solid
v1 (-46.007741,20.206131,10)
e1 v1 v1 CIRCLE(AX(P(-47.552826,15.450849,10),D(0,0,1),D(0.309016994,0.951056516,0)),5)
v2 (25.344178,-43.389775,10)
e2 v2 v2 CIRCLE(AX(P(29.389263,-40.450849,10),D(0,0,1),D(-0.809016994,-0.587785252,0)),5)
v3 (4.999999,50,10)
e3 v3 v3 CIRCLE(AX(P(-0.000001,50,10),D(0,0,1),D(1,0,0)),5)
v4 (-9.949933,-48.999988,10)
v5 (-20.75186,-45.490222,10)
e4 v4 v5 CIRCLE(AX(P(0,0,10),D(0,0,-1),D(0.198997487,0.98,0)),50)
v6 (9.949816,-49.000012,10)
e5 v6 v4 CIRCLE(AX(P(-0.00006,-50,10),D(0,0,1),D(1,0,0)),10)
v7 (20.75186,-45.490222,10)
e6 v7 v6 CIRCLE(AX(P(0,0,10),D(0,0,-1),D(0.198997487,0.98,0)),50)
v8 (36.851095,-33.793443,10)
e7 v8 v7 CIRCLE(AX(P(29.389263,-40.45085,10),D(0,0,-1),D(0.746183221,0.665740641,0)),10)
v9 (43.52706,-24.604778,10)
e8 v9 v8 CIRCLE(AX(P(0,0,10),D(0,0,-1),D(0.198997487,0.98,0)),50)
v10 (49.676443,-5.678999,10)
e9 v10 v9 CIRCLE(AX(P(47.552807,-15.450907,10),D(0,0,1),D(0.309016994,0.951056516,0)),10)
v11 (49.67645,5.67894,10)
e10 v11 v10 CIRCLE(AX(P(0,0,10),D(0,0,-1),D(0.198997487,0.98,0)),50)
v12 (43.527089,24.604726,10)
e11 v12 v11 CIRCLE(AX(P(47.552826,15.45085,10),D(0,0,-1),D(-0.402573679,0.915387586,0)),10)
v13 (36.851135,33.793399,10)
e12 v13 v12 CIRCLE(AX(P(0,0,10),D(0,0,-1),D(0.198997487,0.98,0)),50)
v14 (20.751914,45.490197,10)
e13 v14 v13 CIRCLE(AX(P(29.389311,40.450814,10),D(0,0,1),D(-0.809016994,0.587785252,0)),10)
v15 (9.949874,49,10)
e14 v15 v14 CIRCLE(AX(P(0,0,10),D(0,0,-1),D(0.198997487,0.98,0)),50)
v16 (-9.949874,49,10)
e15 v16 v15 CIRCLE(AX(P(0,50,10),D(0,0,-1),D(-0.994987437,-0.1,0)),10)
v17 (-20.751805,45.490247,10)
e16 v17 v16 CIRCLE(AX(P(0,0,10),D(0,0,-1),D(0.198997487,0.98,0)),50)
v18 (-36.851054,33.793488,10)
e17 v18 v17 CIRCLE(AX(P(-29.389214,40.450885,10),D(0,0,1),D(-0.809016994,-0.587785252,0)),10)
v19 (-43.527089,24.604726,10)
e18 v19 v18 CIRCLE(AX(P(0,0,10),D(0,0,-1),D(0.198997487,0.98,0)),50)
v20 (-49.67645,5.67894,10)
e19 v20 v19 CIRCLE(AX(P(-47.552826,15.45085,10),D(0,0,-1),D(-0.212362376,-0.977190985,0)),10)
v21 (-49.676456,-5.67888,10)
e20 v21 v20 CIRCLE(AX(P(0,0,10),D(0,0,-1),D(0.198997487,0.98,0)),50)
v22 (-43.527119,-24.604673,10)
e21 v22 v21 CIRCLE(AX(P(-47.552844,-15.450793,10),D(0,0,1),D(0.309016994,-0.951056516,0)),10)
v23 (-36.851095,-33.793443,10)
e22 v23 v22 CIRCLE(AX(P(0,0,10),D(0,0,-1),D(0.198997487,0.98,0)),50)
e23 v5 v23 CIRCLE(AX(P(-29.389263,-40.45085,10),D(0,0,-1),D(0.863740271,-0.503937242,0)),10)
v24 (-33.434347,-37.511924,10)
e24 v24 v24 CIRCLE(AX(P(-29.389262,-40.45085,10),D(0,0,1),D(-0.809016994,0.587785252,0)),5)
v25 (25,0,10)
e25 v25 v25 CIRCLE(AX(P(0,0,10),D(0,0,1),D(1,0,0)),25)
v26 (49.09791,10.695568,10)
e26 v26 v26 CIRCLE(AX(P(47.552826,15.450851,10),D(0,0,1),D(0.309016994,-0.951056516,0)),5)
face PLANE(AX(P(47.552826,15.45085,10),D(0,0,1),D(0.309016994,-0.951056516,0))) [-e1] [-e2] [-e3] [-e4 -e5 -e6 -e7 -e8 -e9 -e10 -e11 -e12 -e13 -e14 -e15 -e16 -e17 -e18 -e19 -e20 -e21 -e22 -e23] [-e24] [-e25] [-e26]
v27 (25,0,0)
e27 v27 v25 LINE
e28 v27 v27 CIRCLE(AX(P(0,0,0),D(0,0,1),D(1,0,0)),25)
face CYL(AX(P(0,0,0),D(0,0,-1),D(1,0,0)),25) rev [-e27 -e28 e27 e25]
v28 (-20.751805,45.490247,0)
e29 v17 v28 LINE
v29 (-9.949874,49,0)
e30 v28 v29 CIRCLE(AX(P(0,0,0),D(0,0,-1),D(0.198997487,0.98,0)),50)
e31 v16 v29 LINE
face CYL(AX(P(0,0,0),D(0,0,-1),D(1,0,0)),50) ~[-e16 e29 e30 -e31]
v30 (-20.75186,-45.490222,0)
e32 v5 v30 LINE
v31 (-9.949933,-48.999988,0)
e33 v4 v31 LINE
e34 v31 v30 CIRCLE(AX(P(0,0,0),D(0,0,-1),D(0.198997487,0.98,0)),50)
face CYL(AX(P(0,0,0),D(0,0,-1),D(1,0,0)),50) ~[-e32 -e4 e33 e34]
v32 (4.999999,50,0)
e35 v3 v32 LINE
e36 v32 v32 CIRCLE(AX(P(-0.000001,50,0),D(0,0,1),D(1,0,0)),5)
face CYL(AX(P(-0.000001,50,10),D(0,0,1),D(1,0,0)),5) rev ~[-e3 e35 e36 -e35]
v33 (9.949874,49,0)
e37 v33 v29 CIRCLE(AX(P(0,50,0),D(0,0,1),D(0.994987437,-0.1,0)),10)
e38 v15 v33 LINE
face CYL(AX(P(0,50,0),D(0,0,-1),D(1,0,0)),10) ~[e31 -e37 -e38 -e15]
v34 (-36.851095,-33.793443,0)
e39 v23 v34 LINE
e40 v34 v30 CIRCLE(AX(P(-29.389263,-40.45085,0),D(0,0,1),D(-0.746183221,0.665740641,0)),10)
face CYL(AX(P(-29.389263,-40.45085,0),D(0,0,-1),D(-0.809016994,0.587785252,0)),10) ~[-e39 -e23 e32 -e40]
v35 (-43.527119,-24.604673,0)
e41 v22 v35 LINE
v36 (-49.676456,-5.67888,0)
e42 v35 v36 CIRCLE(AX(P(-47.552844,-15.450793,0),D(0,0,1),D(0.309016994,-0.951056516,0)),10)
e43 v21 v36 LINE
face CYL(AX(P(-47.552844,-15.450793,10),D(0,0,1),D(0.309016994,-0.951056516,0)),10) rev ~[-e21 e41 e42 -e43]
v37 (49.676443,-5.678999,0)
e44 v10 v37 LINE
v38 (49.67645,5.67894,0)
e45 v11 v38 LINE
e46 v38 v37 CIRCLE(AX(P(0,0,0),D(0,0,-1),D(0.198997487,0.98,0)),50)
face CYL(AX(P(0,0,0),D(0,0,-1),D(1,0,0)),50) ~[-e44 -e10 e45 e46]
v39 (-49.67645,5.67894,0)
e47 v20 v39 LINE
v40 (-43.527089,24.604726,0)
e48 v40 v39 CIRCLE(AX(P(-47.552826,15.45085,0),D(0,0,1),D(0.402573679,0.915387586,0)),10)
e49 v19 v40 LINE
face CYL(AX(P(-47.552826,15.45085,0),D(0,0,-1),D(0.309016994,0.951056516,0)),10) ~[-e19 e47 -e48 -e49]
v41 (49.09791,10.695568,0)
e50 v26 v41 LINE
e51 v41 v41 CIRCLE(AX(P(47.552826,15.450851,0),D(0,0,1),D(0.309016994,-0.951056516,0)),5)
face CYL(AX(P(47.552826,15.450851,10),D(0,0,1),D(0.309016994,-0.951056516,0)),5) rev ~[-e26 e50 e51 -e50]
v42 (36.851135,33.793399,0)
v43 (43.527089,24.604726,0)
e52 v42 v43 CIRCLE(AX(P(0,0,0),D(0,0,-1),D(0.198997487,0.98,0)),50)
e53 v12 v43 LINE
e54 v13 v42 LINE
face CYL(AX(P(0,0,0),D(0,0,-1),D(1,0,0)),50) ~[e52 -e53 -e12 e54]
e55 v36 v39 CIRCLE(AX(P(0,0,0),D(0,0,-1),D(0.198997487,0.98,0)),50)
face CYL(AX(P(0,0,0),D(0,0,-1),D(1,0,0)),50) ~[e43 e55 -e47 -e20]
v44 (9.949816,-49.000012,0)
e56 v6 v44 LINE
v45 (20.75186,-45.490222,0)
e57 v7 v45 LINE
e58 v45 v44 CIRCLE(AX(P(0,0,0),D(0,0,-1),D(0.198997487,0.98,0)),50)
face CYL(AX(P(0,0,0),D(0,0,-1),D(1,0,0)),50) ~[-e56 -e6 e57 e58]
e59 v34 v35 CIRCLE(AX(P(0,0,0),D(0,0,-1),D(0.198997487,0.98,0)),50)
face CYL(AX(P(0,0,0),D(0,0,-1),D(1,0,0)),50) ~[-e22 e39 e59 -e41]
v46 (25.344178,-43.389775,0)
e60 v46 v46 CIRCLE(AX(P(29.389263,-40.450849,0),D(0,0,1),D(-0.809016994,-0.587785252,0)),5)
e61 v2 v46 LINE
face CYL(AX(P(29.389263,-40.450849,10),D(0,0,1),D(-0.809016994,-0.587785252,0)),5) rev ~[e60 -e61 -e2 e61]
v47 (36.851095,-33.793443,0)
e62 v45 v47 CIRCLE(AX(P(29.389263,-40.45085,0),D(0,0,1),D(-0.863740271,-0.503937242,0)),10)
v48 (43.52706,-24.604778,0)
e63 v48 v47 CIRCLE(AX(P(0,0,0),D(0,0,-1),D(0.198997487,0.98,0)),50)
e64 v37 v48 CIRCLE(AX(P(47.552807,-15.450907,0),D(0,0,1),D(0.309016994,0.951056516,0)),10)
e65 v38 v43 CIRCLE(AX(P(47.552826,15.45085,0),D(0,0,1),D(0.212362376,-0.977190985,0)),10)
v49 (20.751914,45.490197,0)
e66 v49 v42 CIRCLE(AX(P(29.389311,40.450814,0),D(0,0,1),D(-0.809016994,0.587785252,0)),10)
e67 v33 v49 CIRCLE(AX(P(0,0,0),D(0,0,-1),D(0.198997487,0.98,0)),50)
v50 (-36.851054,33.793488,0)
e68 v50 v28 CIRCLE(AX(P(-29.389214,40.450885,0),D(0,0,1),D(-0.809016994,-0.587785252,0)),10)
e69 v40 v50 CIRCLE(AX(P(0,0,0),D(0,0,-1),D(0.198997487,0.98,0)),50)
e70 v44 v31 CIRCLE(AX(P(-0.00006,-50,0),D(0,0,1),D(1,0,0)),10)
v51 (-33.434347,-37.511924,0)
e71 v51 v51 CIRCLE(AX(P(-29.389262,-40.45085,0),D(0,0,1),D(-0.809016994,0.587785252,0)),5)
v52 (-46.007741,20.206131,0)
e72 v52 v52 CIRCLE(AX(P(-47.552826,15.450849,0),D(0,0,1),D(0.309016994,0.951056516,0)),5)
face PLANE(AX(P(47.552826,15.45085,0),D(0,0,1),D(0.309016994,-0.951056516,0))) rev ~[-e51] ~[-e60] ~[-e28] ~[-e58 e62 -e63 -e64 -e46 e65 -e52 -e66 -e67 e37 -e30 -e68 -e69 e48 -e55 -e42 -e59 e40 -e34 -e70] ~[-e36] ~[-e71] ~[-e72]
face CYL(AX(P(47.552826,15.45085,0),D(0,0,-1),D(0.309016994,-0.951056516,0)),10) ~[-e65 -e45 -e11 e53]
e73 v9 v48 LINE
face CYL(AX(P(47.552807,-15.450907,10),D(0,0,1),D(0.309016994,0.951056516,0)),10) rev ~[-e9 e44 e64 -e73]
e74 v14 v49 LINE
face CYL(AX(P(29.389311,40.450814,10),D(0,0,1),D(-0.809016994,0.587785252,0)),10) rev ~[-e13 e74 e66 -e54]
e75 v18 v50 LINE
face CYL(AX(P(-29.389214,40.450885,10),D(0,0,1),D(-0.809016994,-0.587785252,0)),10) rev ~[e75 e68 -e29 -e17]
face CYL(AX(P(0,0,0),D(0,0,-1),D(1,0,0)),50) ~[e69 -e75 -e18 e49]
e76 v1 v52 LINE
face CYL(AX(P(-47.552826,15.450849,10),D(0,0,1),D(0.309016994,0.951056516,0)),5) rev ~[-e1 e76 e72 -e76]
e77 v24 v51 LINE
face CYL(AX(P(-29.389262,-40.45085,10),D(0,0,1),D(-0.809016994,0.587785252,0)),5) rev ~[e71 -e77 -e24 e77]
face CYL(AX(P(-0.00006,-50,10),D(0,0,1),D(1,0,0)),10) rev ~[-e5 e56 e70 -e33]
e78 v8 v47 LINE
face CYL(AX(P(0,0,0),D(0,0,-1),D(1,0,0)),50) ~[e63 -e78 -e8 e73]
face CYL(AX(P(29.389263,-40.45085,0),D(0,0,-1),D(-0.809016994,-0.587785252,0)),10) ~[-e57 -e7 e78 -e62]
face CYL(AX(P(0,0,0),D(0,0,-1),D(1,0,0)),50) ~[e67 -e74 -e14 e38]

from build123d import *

# Parameters (mm, degrees)
SKETCH_R              = 50
SKETCH_R_2            = 25
PAD_DEPTH             = 10
SKETCH001_R           = 10
PAD001_DEPTH          = 10
POLARPATTERN_COUNT    = 5
SKETCH002_R           = 5
SKETCH002_R_2         = 10
POCKET_DEPTH          = 329.680222
POLARPATTERN001_COUNT = 5


with BuildPart() as part:
    # Sketch → Pad (new body)
    with BuildSketch(Plane.XY):
        Circle(SKETCH_R)
        Circle(SKETCH_R_2, mode=Mode.SUBTRACT)
    extrude(amount=PAD_DEPTH)

    # Sketch001 → Pad001 (join)
    with BuildSketch(Plane.XY):
        with Locations((0, 50)):
            Circle(SKETCH001_R)
    pad001 = extrude(amount=PAD001_DEPTH)

    # PolarPattern: Pad001 ×5 about axis
    polarpattern_axis = Axis((0, 0, 0), (0, 0, 1))
    for i in range(1, POLARPATTERN_COUNT):
        add(pad001.rotate(polarpattern_axis, i * 360 / POLARPATTERN_COUNT))

    # Sketch002 (on Face9 of PolarPattern) → Pocket (cut, through all)
    with BuildSketch(Plane.XY.offset(10)):
        with Locations((-1e-06, 50)):
            Circle(SKETCH002_R)
        with Locations((-6e-05, -50)):
            Circle(SKETCH002_R_2)
    pocket = extrude(amount=-POCKET_DEPTH, mode=Mode.SUBTRACT)

    # PolarPattern001: Pocket ×5 about axis
    polarpattern001_axis = Axis((0, 0, 10), (0, 0, 1))
    for i in range(1, POLARPATTERN001_COUNT):
        add(pocket.rotate(polarpattern001_axis, i * 360 / POLARPATTERN001_COUNT), mode=Mode.SUBTRACT)


solid = part.part
